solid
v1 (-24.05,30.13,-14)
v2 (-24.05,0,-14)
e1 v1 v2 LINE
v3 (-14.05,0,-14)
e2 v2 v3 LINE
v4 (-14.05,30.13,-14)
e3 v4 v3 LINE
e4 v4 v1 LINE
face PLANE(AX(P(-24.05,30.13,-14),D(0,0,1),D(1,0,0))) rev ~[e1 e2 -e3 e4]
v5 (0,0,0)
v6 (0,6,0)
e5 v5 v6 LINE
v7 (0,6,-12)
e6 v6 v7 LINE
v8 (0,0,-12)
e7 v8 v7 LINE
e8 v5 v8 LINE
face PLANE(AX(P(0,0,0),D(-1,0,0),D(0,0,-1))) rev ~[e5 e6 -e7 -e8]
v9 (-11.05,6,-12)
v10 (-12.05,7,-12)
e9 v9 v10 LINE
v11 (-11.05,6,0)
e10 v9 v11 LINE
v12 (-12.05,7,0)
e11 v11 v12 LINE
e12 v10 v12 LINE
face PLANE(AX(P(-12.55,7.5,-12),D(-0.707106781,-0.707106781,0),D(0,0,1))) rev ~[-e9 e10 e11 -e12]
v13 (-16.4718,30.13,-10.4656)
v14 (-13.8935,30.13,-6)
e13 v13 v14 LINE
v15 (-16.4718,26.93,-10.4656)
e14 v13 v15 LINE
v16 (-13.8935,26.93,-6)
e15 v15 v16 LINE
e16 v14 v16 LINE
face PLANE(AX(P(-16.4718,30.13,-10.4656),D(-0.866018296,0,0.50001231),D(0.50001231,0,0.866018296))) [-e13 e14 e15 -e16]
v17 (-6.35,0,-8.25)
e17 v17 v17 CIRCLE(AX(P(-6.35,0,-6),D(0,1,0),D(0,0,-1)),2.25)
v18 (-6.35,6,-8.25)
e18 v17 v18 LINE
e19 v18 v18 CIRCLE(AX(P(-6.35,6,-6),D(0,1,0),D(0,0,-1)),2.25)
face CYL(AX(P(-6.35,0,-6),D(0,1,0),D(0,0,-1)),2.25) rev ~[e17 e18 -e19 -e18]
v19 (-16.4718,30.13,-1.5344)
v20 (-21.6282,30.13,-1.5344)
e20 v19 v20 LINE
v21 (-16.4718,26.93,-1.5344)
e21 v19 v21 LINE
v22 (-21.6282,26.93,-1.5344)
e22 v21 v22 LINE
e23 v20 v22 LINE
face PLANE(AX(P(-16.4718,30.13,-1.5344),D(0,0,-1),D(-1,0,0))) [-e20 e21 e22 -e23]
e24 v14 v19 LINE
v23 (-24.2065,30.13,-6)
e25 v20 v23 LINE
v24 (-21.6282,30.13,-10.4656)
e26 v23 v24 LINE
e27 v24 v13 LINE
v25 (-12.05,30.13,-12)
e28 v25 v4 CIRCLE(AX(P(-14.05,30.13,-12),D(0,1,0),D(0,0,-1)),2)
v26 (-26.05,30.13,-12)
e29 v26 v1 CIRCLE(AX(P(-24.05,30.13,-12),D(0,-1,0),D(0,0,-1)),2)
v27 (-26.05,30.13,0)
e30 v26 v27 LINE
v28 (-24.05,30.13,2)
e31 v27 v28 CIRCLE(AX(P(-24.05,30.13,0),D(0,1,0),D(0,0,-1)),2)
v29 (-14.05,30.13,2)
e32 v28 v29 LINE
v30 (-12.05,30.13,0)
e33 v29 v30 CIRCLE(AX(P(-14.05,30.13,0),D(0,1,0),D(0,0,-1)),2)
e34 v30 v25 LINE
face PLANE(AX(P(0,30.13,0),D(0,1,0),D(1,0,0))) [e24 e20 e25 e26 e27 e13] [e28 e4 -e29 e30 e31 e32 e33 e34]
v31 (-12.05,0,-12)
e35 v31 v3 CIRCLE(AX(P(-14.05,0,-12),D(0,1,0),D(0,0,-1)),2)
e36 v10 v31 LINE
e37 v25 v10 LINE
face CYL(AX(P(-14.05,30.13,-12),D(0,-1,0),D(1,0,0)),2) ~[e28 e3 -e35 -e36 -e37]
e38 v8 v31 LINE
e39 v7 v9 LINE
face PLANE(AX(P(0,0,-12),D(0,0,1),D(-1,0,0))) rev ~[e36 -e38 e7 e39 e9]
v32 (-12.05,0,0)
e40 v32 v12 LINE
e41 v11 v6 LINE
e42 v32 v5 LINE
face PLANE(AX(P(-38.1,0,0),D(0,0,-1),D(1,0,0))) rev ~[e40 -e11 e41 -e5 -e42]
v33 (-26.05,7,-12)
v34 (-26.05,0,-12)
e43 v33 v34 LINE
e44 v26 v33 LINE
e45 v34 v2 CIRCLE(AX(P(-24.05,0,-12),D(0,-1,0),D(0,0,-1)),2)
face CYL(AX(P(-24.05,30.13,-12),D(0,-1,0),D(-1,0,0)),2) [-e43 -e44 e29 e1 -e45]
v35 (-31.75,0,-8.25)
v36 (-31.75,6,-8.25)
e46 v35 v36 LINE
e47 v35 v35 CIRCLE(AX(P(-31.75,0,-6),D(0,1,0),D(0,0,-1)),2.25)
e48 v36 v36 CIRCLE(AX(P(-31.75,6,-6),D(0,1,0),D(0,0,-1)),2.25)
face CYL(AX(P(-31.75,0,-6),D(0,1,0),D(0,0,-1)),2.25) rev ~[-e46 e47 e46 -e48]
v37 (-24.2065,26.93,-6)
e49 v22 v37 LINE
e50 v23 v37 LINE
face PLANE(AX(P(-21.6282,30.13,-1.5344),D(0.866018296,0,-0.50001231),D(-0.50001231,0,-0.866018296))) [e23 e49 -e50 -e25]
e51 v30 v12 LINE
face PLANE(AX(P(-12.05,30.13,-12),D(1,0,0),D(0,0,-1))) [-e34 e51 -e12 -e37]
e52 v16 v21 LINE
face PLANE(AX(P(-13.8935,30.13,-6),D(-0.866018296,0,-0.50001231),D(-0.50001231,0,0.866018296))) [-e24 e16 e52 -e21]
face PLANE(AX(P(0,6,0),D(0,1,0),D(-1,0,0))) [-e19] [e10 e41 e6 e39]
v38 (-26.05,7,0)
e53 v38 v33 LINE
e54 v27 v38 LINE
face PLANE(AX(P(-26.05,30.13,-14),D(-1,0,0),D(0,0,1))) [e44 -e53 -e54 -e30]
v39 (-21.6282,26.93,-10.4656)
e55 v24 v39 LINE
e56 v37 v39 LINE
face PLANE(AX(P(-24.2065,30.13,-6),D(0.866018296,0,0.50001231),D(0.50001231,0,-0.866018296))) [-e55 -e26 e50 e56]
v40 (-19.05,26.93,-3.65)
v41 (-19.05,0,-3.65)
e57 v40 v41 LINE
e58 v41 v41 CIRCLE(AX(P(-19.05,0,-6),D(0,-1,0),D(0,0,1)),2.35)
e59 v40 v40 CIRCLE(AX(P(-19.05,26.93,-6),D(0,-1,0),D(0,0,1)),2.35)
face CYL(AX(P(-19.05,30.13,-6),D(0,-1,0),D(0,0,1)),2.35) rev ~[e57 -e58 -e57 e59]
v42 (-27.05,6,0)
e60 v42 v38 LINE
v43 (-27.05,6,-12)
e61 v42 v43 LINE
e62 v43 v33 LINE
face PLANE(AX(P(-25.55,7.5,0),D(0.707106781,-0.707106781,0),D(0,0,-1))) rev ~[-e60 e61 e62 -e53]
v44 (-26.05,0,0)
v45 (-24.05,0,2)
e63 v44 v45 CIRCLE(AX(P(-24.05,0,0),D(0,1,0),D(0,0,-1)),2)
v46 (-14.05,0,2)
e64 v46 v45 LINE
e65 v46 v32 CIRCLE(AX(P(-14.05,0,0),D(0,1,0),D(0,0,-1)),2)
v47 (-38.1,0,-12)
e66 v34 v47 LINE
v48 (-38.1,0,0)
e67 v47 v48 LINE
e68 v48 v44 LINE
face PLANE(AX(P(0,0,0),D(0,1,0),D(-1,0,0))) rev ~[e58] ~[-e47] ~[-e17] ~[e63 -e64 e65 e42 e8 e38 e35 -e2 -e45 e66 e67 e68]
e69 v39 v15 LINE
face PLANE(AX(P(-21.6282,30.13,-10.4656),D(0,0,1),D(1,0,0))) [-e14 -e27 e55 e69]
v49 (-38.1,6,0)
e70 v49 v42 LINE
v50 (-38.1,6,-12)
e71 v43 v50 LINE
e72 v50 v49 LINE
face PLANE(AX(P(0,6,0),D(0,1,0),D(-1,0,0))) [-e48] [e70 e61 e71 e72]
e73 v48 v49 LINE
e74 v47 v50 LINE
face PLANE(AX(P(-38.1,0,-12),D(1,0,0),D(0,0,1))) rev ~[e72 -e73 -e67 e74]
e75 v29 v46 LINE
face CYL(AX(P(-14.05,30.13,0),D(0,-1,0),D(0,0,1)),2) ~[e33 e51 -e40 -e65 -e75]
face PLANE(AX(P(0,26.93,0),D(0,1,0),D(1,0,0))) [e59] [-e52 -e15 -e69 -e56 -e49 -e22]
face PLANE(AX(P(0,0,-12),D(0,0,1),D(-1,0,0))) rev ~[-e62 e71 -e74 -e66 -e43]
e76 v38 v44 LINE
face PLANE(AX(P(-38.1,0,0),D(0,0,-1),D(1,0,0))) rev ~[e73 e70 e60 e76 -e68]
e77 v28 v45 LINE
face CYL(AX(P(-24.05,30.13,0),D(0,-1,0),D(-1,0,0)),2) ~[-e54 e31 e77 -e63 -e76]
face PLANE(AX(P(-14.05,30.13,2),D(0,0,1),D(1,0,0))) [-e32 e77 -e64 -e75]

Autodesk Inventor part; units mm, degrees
ref_plane "YZ Plane" through (0, 0, 0) normal (1, 0, 0) x (0, 1, 0)
ref_plane "XZ Plane" through (0, 0, 0) normal (0, 1, 0) x (-1, 0, 0)
ref_plane "XY Plane" through (0, 0, 0) normal (0, 0, 1) x (1, 0, 0)
sketch "Sketch1" plane through (0, 0, 0) normal (0, 1, 0) x (-1, 0, 0)
  line L0 (0, 0) -> (0, -12)
  line L1 (0, -12) -> (38.1, -12)
  line L2 (38.1, -12) -> (38.1, 0)
  line L3 (38.1, 0) -> (0, 0)
  circle A0 centre (6.35, -6) radius 1.6256
  circle A1 centre (31.75, -6) radius 1.6256
  point P0 (0, -6)
  dimension "d0" = 3.2512
  dimension "d1" = 3.2512
  dimension "d3" = 0
  dimension "d4" = 12
  dimension "d6" = 38.1
  dimension "d37" = 6.35
  dimension "d38" = 6.35
extrude "Extrusion1" add sketch "Sketch1" along normal blind 6 contours L3 L2 L1 L0 | A0 | A1
sketch "Sketch3" plane through (0, 6, 0) normal (0, 1, 0) x (1, 0, 0)
  line L0 (-14.05, 0) -> (-24.05, 0)
  line L1 (-24.05, 0) -> (-24.05, 12)
  line L2 (-24.05, 12) -> (-14.05, 12)
  line L3 (-14.05, 12) -> (-14.05, 0)
  line L4 (-38.1, 0) -> (0, 0) projected
  line L5 (0, 0) -> (0, 12) projected
  line L6 (0, 12) -> (-38.1, 12) projected
  point P0 (-19.05, 12)
  point P1 (-19.05, 12)
  point P2 (-19.05, 12)
  dimension "d12" = 10
  dimension "d14" = 0
extrude "Extrusion3" add sketch "Sketch3" along normal blind 24.13 contours L0 L1 L2 L3
chamfer "Chamfer1" distance 3 angle 45 2 edges at (-14.05, 6, -6) (-24.05, 6, -6)
sketch "Sketch5" plane through (0, 30.13, 0) normal (0, 1, 0) x (1, 0, 0)
  line L0 (-14.05, 12) -> (-24.05, 12) projected
  line L1 (-14.05, 0) -> (-14.05, 12) projected
  point P0 (0, 0)
  point P1 (-19.05, 6)
  point P2 (-19.05, 12)
  point P3 (-14.05, 6)
hole "Hole1" at (-19.05, 30.13, -6) direction (0, -1, 0) diameter 4.7 end through all clearance for "Flat Head Machine Screw" size "M4" standard "Ansi Metric M Profile"
hole "Hole2" at (-6.35, 0, -6) at (-31.75, 0, -6) direction (0, 1, 0) diameter 4.5 end through all clearance for "Flat Head Machine Screw" size "M4" standard "Ansi Metric M Profile"
sketch "Sketch7" plane through (0, 30.13, 0) normal (0, 1, 0) x (1, 0, 0)
  line L0 (-14.05, 12) -> (-24.05, 12) projected
  line L1 (-24.05, 12) -> (-24.05, 14)
  line L2 (-24.05, 14) -> (-14.05, 14)
  line L3 (-11.05, 12) -> (-14.05, 12) projected
  line L4 (-24.05, 12) -> (-14.05, 12)
  line L5 (-14.05, 0) -> (-14.05, 12) projected
  line L6 (-14.05, 0) -> (-14.05, -2)
  line L7 (-14.05, -2) -> (-24.05, -2)
  line L8 (-24.05, 0) -> (-14.05, 0) projected
  line L9 (-24.05, -2) -> (-24.05, 0)
  line L10 (-24.05, 0) -> (-14.05, 0)
  line L11 (-24.05, 14) -> (-26.05, 14)
  line L12 (-26.05, 14) -> (-26.05, -2)
  line L13 (-26.05, -2) -> (-24.05, -2)
  line L14 (-24.05, -2) -> (-24.05, 14)
  line L15 (-14.05, -2) -> (-12.05, -2)
  line L16 (-12.05, -2) -> (-12.05, 14)
  line L17 (-12.05, 14) -> (-14.05, 14)
  line L18 (-14.05, 12) -> (-14.05, -2)
  point P0 (0, 0)
  point P1 (-12.05, 12)
  point P2 (-24.05, 0)
  point P3 (-25.05, -2)
  dimension "d41" = 2
  dimension "d42" = 2
  dimension "d43" = 2
  dimension "d44" = 2
extrude "Extrusion6" add sketch "Sketch7" against normal up to surface (30.13 mm away) contours L0 L1 L2 L17 L16 L3 | L3 L16 L15 L6 L5 | L14 L9 L13 L12 L11 L1 | L6 L7 L9 L8
sketch "Sketch6" plane through (0, 30.13, 0) normal (0, 1, 0) x (1, 0, 0)
  line L0 (-17.0293, 9.5) -> (-16.0189, 7.75) projected
  line L1 (-16.0189, 7.75) -> (-15.0085, 6) projected
  line L2 (-15.0085, 6) -> (-16.0189, 4.25) projected
  line L3 (-16.0189, 4.25) -> (-17.0293, 2.5) projected
  line L4 (-17.0293, 2.5) -> (-19.05, 2.5) projected
  line L5 (-19.05, 2.5) -> (-21.0707, 2.5) projected
  line L6 (-21.0707, 2.5) -> (-22.0811, 4.25) projected
  line L7 (-22.0811, 4.25) -> (-23.0915, 6) projected
  line L8 (-23.0915, 6) -> (-22.0811, 7.75) projected
  line L9 (-22.0811, 7.75) -> (-21.0707, 9.5) projected
  line L10 (-21.0707, 9.5) -> (-19.05, 9.5) projected
  line L11 (-19.05, 9.5) -> (-17.0293, 9.5) projected
  line L12 (-19.05, 10.3656) -> (-21.5705, 10.3656) projected
  line L13 (-16.5295, 10.3656) -> (-19.05, 10.3656) projected
  line L14 (-15.2693, 8.1828) -> (-16.5295, 10.3656) projected
  line L15 (-14.009, 6) -> (-15.2693, 8.1828) projected
  line L16 (-15.2693, 3.8172) -> (-14.009, 6) projected
  line L17 (-16.5295, 1.6344) -> (-15.2693, 3.8172) projected
  line L18 (-19.05, 1.6344) -> (-16.5295, 1.6344) projected
  line L19 (-21.5705, 1.6344) -> (-19.05, 1.6344) projected
  line L20 (-22.8307, 3.8172) -> (-21.5705, 1.6344) projected
  line L21 (-24.091, 6) -> (-22.8307, 3.8172) projected
  line L22 (-22.8307, 8.1828) -> (-24.091, 6) projected
  line L23 (-21.5705, 10.3656) -> (-22.8307, 8.1828) projected
  line L24 (-21.6282, 10.4656) -> (-16.4718, 10.4656)
  line L25 (-16.4718, 10.4656) -> (-13.8935, 6)
  line L26 (-13.8935, 6) -> (-16.4718, 1.5344)
  line L27 (-16.4718, 1.5344) -> (-21.6282, 1.5344)
  line L28 (-21.6282, 1.5344) -> (-24.2065, 6)
  line L29 (-24.2065, 6) -> (-21.6282, 10.4656)
  point P0 (0, 0)
  dimension "d50" = 0.1
  dimension "d51" = 0.1
  dimension "d52" = 0.1
  dimension "d53" = 0.1
  dimension "d54" = 0.1
  dimension "d55" = 0.1
extrude "Extrusion5" cut sketch "Sketch6" against normal blind 3.2 contours L0 L1 L2 L3 L4 L5 L6 L7 L8 L9 L10 L11 | L13 L14 L15 L16 L17 L18 L19 L20 L21 L22 L23 L12 | L24 L25 L26 L27 L28 L29
fillet "Fillet1" radius 2 4 edges at (-12.05, 15.065, -14) (-26.05, 15.065, -14) (-26.05, 15.065, 2) (-12.05, 15.065, 2)
properties part number "Hopper Rest Metric Wide"
